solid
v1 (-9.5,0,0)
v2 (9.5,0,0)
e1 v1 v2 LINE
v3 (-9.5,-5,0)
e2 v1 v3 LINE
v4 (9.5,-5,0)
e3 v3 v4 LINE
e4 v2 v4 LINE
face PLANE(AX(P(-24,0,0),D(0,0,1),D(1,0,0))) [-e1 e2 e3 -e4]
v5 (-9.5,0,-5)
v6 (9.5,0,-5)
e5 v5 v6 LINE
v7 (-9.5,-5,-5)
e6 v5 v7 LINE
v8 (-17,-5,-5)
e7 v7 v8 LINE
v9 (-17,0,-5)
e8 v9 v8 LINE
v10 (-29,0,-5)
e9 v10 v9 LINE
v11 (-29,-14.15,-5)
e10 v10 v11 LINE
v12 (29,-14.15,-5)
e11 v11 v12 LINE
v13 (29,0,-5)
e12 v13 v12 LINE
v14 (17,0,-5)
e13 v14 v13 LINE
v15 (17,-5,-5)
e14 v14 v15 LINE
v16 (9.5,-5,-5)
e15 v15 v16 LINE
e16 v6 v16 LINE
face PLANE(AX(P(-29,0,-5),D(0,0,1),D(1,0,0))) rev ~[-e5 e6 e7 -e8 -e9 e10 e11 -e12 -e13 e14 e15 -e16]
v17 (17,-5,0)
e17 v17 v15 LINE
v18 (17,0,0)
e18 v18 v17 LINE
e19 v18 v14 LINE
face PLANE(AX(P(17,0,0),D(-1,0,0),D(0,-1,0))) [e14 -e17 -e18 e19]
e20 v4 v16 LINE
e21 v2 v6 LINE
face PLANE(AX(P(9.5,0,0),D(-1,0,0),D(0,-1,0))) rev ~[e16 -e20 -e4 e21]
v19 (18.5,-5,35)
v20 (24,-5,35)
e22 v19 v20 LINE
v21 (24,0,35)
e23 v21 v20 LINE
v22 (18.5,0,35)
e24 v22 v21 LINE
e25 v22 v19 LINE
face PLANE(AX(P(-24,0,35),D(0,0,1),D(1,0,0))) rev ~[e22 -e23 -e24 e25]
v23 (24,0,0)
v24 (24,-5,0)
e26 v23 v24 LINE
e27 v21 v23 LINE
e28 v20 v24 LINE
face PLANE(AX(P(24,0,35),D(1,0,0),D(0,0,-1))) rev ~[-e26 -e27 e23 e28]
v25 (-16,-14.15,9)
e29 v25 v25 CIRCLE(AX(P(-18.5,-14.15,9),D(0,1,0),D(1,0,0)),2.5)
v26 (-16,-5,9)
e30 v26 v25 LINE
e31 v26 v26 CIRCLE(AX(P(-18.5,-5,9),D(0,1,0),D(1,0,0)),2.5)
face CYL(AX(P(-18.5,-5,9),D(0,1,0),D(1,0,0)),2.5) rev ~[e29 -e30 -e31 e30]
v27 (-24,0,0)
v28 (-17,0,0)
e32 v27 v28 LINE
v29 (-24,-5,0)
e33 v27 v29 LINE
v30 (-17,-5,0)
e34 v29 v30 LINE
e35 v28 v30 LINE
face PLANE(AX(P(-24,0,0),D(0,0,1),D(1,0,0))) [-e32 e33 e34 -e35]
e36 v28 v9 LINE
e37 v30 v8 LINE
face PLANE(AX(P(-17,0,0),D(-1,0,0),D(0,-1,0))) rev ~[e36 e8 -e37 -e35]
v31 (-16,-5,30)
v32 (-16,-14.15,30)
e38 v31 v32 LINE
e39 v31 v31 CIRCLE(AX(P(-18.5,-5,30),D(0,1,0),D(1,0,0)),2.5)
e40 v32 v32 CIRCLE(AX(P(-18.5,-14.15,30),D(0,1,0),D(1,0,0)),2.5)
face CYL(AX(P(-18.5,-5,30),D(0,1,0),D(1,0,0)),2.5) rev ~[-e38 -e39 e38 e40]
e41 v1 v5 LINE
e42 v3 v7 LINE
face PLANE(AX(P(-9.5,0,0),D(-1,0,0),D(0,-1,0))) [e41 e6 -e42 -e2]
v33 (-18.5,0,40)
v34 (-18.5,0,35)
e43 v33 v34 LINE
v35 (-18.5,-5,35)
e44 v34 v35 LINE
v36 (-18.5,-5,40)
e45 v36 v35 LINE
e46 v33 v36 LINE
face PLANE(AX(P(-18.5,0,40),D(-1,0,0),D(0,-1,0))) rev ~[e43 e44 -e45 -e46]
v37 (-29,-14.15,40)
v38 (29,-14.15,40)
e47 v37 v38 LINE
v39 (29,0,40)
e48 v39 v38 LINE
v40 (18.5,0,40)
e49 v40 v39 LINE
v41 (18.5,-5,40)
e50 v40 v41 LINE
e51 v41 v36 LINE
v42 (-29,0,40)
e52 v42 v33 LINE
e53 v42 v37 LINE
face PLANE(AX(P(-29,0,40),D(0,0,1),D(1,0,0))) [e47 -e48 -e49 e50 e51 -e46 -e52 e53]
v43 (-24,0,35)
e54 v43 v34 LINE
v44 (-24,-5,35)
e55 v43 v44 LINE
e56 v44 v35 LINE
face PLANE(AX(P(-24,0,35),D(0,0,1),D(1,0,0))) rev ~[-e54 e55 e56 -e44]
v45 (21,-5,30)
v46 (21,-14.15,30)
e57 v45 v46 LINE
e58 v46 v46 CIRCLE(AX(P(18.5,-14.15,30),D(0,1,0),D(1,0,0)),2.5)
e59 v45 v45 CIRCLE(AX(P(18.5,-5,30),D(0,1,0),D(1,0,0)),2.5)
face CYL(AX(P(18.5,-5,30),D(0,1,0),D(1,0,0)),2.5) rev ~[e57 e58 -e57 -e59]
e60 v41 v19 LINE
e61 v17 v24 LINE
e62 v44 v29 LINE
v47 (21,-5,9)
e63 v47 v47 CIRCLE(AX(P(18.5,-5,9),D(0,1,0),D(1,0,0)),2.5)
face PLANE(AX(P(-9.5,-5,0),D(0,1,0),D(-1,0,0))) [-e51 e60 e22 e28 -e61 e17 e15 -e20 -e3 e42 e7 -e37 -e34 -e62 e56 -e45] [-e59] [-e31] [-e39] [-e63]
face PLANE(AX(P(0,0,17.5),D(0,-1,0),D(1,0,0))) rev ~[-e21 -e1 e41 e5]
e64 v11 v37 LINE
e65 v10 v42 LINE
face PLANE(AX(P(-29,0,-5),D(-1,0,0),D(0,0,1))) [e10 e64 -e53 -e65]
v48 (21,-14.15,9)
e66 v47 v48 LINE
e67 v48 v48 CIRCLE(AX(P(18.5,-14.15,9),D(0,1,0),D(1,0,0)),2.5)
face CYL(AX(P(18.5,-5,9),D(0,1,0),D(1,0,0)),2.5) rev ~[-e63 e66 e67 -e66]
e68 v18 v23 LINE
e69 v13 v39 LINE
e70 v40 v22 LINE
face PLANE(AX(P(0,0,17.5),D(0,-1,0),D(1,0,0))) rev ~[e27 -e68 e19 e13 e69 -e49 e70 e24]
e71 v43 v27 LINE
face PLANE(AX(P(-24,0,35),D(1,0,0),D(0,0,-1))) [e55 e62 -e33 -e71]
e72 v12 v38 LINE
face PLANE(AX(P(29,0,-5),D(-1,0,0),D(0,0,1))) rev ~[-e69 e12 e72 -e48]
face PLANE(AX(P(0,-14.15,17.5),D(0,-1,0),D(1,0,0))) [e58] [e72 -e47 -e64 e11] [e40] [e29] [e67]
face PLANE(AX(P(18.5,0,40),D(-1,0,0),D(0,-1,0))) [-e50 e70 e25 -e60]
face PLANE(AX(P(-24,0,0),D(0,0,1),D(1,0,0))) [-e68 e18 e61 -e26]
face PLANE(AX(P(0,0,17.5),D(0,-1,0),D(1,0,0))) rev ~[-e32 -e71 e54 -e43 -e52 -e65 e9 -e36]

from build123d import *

# Parameters (mm, degrees)
SKETCH001_W     = 58
SKETCH001_H     = 45
PAD_DEPTH       = 14.15
SKETCH002_W     = 48
SKETCH002_H     = 35
POCKET_DEPTH    = 5
SKETCH004_R     = 2.5
POCKET001_DEPTH = 10
SKETCH_W        = 37
SKETCH_H        = 5
POCKET002_DEPTH = 5
SKETCH005_W     = 7.5
SKETCH005_H     = 5
POCKET003_DEPTH = 5


with BuildPart() as part:
    # Sketch001 → Pad (new body)
    with BuildSketch(Plane.XZ):
        with Locations((0, 17.5)):
            Rectangle(SKETCH001_W, SKETCH001_H)
    extrude(amount=PAD_DEPTH)

    # Sketch002 → Pocket (cut)
    with BuildSketch(Plane(origin=(0, 0, 0), x_dir=(1, 0, 0), z_dir=(0, 1, 0))):
        with Locations((0, -17.5)):
            Rectangle(SKETCH002_W, SKETCH002_H)
    extrude(amount=-POCKET_DEPTH, mode=Mode.SUBTRACT)

    # Sketch004 → Pocket001 (cut)
    with BuildSketch(Plane(origin=(0, -5, 0), x_dir=(1, 0, 0), z_dir=(0, 1, 0))):
        with Locations((-18.5, -9)):
            Circle(SKETCH004_R)
        with Locations((18.5, -9)):
            Circle(SKETCH004_R)
        with Locations((-18.5, -30)):
            Circle(SKETCH004_R)
        with Locations((18.5, -30)):
            Circle(SKETCH004_R)
    extrude(amount=-POCKET001_DEPTH, mode=Mode.SUBTRACT)

    # Sketch → Pocket002 (cut)
    with BuildSketch(Plane(origin=(0, 0, 40), x_dir=(-1, 0, 0), z_dir=(0, 0, 1))):
        with Locations((0, 2.5)):
            Rectangle(SKETCH_W, SKETCH_H)
    extrude(amount=-POCKET002_DEPTH, mode=Mode.SUBTRACT)

    # Sketch005 → Pocket003 (cut)
    with BuildSketch(Plane(origin=(0, 0, 0), x_dir=(-1, 0, 0), z_dir=(0, 0, 1))):
        with Locations((13.25, 2.5)):
            Rectangle(SKETCH005_W, SKETCH005_H)
        with Locations((-13.25, 2.5)):
            Rectangle(SKETCH005_W, SKETCH005_H)
    extrude(amount=-POCKET003_DEPTH, mode=Mode.SUBTRACT)


solid = part.part
